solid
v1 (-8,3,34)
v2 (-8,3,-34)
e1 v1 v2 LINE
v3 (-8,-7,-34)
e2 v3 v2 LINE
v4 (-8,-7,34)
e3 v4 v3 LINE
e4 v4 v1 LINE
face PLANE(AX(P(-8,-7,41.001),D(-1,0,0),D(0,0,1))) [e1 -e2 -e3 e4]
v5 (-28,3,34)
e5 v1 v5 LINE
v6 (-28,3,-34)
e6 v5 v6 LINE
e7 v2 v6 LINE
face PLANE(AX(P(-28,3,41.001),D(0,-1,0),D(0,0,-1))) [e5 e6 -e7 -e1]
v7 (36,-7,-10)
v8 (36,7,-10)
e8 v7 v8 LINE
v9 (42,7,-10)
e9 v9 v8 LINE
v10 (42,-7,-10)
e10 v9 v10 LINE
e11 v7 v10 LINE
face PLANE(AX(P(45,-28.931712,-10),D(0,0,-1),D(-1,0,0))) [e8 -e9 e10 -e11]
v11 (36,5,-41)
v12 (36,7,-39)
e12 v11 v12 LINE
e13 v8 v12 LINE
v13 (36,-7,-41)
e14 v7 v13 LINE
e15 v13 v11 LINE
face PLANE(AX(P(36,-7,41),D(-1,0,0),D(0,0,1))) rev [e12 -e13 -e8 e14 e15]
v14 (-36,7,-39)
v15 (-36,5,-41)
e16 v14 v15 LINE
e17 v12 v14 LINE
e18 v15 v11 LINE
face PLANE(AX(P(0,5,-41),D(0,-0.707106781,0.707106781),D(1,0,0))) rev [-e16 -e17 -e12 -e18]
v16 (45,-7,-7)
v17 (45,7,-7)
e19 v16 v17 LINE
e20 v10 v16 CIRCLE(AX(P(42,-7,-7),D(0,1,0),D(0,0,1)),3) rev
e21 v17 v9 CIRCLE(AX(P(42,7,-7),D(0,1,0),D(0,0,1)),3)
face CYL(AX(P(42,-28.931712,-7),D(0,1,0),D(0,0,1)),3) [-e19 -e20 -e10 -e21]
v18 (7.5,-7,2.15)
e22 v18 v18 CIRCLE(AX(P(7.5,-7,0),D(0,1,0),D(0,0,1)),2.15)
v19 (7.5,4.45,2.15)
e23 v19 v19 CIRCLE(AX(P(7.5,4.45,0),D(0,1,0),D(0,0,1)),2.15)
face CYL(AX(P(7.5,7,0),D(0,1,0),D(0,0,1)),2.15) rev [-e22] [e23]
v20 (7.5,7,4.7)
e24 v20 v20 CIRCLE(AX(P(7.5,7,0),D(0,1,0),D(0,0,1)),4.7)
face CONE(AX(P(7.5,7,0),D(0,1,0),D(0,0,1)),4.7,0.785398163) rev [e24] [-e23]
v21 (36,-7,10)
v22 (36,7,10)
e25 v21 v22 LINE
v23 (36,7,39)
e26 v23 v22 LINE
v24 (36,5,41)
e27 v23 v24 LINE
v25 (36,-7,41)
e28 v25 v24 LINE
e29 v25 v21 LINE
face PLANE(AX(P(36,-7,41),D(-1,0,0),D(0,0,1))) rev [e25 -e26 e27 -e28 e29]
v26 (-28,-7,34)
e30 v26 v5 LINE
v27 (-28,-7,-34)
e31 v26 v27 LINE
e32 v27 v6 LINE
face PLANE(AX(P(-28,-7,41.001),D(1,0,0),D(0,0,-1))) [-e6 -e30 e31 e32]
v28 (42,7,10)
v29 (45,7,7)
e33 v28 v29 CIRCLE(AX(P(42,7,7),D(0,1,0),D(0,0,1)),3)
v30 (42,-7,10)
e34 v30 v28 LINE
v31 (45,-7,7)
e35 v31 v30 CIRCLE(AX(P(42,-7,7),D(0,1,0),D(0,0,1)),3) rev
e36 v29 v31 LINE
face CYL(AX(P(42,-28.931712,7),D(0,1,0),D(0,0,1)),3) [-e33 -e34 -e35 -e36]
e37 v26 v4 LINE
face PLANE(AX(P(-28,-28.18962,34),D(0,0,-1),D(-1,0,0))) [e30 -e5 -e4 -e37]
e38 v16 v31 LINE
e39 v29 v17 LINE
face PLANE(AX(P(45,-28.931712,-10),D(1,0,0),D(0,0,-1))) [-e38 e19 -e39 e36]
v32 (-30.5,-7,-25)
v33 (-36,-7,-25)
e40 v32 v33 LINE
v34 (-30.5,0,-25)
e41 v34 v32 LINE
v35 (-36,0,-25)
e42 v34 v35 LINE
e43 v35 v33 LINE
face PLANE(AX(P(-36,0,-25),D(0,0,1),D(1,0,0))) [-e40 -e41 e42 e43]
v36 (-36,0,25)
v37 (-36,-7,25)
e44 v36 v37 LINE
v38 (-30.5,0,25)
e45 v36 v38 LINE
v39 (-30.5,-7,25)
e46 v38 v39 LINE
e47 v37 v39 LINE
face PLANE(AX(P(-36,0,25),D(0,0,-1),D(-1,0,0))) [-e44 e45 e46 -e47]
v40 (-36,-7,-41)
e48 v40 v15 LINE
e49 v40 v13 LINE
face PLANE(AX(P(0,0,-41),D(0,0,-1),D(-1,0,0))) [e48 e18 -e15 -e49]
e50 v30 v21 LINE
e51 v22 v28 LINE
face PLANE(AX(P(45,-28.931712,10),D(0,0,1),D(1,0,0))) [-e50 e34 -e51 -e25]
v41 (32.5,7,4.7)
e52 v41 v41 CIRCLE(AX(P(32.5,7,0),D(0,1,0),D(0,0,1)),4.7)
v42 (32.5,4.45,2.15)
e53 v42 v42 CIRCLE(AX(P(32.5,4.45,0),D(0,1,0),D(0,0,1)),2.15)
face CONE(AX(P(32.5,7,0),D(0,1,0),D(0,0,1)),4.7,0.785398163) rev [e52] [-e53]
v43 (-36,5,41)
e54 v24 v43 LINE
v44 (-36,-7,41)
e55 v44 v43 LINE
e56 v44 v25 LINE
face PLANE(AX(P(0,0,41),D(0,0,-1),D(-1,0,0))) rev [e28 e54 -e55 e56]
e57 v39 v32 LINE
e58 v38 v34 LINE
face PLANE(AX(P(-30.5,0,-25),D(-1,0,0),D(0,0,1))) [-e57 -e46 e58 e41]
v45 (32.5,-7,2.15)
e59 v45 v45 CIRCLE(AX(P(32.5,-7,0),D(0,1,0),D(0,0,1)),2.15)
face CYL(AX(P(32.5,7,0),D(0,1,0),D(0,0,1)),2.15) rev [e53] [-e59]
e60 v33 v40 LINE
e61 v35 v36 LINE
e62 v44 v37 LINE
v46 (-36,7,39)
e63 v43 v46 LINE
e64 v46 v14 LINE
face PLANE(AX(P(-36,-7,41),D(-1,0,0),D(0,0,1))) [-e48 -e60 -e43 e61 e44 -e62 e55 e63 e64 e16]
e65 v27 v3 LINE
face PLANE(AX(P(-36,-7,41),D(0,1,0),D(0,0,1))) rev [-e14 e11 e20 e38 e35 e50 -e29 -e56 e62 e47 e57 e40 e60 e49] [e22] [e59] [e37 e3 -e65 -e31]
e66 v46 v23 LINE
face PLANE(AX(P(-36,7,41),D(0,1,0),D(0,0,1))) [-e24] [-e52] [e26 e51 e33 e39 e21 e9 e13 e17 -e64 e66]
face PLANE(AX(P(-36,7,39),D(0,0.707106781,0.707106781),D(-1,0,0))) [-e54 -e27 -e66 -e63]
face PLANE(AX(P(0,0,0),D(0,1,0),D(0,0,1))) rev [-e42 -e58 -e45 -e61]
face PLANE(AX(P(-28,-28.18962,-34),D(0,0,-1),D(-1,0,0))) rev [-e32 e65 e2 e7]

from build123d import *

# Parameters (mm, degrees)
ESQUISSE2_W                                    = 72
ESQUISSE2_H                                    = 14
BOSS_EXTRU_1_DEPTH                             = 41
ESQUISSE12_W                                   = 9
ESQUISSE12_H                                   = 20
BOSS_EXTRU_6_DEPTH                             = 14
FRAISAGE_POUR_VIS_T_TE_FRAIS_E_M41_D           = 4.3
FRAISAGE_POUR_VIS_T_TE_FRAIS_E_M41_CSINK_D     = 9.4
FRAISAGE_POUR_VIS_T_TE_FRAIS_E_M41_CSINK_ANGLE = 90
ENL_V_MAT_EXTRU_3_REACH                        = 95.798
ESQUISSE6_W                                    = 20
ESQUISSE6_H                                    = 10
ESQUISSE5_W                                    = 5.5
ESQUISSE5_H                                    = 50
ENL_V_MAT_EXTRU_2_DEPTH                        = 7
CHANFREIN1_SIZE                                = 2
ESQUISSE16_W                                   = 20
ESQUISSE16_H                                   = 7
BOSS_EXTRU_7_DEPTH                             = 10
CONG_1_R                                       = 3


with BuildPart() as part:
    # Esquisse2 → Boss.-Extru.1 (new, symmetric)
    with BuildSketch(Plane.XY):
        Rectangle(ESQUISSE2_W, ESQUISSE2_H)
    extrude(amount=BOSS_EXTRU_1_DEPTH, both=True)

    # Esquisse12 → Boss.-Extru.6 (add)
    with BuildSketch(Plane(origin=(0, 7, 0), x_dir=(1, 0, 0), z_dir=(0, 1, 0))):
        with Locations((40.5, 0)):
            Rectangle(ESQUISSE12_W, ESQUISSE12_H)
    extrude(amount=-BOSS_EXTRU_6_DEPTH)

    # Fraisage pour vis à tête fraisée M41 (through all)
    with Locations(Plane(origin=(0, 7, 0), x_dir=(1, 0, 0), z_dir=(0, 1, 0))):
        with Locations((32.5, 0), (7.5, 0)):
            CounterSinkHole(FRAISAGE_POUR_VIS_T_TE_FRAIS_E_M41_D / 2, FRAISAGE_POUR_VIS_T_TE_FRAIS_E_M41_CSINK_D / 2, counter_sink_angle=FRAISAGE_POUR_VIS_T_TE_FRAIS_E_M41_CSINK_ANGLE)

    # Esquisse6 → Enlèv. mat.-Extru.3 (cut, up to next)
    with BuildSketch(Plane.XY.offset(-41), mode=Mode.PRIVATE) as enl_v_mat_extru_3_sk1:
        with Locations((-18, -2)):
            Rectangle(ESQUISSE6_W, ESQUISSE6_H)
    enl_v_mat_extru_3_tool1 = extrude(enl_v_mat_extru_3_sk1.sketch, amount=ENL_V_MAT_EXTRU_3_REACH, mode=Mode.PRIVATE) & part.part
    add(enl_v_mat_extru_3_tool1.solids().sort_by_distance((-18, -2, -41))[0], mode=Mode.SUBTRACT)

    # Esquisse5 → Enlèv. mat.-Extru.2 (cut)
    with BuildSketch(Plane(origin=(0, -7, 0), x_dir=(1, 0, 0), z_dir=(0, 1, 0))):
        with Locations((-33.25, 0)):
            Rectangle(ESQUISSE5_W, ESQUISSE5_H)
    extrude(amount=ENL_V_MAT_EXTRU_2_DEPTH, mode=Mode.SUBTRACT)

    # Chanfrein1
    chanfrein1_edges = [part.edges().sort_by_distance(p)[0] for p in [
        (0, 7, -41),
        (0, 7, 41),
    ]]
    chamfer(chanfrein1_edges, length=CHANFREIN1_SIZE)

    # Esquisse16 → Boss.-Extru.7 (add)
    with BuildSketch(Plane.XZ.offset(-3)):
        with Locations((-18, -37.5)):
            Rectangle(ESQUISSE16_W, ESQUISSE16_H)
    boss_extru_7 = extrude(amount=BOSS_EXTRU_7_DEPTH)

    # Symétrie1: Boss.-Extru.7 across plane
    add(boss_extru_7.mirror(Plane.XY))

    # Congé1
    cong_1_edges = [part.edges().sort_by_distance(p)[0] for p in [
        (45, 0, 10),
        (45, 0, -10),
    ]]
    fillet(cong_1_edges, radius=CONG_1_R)


solid = part.part
